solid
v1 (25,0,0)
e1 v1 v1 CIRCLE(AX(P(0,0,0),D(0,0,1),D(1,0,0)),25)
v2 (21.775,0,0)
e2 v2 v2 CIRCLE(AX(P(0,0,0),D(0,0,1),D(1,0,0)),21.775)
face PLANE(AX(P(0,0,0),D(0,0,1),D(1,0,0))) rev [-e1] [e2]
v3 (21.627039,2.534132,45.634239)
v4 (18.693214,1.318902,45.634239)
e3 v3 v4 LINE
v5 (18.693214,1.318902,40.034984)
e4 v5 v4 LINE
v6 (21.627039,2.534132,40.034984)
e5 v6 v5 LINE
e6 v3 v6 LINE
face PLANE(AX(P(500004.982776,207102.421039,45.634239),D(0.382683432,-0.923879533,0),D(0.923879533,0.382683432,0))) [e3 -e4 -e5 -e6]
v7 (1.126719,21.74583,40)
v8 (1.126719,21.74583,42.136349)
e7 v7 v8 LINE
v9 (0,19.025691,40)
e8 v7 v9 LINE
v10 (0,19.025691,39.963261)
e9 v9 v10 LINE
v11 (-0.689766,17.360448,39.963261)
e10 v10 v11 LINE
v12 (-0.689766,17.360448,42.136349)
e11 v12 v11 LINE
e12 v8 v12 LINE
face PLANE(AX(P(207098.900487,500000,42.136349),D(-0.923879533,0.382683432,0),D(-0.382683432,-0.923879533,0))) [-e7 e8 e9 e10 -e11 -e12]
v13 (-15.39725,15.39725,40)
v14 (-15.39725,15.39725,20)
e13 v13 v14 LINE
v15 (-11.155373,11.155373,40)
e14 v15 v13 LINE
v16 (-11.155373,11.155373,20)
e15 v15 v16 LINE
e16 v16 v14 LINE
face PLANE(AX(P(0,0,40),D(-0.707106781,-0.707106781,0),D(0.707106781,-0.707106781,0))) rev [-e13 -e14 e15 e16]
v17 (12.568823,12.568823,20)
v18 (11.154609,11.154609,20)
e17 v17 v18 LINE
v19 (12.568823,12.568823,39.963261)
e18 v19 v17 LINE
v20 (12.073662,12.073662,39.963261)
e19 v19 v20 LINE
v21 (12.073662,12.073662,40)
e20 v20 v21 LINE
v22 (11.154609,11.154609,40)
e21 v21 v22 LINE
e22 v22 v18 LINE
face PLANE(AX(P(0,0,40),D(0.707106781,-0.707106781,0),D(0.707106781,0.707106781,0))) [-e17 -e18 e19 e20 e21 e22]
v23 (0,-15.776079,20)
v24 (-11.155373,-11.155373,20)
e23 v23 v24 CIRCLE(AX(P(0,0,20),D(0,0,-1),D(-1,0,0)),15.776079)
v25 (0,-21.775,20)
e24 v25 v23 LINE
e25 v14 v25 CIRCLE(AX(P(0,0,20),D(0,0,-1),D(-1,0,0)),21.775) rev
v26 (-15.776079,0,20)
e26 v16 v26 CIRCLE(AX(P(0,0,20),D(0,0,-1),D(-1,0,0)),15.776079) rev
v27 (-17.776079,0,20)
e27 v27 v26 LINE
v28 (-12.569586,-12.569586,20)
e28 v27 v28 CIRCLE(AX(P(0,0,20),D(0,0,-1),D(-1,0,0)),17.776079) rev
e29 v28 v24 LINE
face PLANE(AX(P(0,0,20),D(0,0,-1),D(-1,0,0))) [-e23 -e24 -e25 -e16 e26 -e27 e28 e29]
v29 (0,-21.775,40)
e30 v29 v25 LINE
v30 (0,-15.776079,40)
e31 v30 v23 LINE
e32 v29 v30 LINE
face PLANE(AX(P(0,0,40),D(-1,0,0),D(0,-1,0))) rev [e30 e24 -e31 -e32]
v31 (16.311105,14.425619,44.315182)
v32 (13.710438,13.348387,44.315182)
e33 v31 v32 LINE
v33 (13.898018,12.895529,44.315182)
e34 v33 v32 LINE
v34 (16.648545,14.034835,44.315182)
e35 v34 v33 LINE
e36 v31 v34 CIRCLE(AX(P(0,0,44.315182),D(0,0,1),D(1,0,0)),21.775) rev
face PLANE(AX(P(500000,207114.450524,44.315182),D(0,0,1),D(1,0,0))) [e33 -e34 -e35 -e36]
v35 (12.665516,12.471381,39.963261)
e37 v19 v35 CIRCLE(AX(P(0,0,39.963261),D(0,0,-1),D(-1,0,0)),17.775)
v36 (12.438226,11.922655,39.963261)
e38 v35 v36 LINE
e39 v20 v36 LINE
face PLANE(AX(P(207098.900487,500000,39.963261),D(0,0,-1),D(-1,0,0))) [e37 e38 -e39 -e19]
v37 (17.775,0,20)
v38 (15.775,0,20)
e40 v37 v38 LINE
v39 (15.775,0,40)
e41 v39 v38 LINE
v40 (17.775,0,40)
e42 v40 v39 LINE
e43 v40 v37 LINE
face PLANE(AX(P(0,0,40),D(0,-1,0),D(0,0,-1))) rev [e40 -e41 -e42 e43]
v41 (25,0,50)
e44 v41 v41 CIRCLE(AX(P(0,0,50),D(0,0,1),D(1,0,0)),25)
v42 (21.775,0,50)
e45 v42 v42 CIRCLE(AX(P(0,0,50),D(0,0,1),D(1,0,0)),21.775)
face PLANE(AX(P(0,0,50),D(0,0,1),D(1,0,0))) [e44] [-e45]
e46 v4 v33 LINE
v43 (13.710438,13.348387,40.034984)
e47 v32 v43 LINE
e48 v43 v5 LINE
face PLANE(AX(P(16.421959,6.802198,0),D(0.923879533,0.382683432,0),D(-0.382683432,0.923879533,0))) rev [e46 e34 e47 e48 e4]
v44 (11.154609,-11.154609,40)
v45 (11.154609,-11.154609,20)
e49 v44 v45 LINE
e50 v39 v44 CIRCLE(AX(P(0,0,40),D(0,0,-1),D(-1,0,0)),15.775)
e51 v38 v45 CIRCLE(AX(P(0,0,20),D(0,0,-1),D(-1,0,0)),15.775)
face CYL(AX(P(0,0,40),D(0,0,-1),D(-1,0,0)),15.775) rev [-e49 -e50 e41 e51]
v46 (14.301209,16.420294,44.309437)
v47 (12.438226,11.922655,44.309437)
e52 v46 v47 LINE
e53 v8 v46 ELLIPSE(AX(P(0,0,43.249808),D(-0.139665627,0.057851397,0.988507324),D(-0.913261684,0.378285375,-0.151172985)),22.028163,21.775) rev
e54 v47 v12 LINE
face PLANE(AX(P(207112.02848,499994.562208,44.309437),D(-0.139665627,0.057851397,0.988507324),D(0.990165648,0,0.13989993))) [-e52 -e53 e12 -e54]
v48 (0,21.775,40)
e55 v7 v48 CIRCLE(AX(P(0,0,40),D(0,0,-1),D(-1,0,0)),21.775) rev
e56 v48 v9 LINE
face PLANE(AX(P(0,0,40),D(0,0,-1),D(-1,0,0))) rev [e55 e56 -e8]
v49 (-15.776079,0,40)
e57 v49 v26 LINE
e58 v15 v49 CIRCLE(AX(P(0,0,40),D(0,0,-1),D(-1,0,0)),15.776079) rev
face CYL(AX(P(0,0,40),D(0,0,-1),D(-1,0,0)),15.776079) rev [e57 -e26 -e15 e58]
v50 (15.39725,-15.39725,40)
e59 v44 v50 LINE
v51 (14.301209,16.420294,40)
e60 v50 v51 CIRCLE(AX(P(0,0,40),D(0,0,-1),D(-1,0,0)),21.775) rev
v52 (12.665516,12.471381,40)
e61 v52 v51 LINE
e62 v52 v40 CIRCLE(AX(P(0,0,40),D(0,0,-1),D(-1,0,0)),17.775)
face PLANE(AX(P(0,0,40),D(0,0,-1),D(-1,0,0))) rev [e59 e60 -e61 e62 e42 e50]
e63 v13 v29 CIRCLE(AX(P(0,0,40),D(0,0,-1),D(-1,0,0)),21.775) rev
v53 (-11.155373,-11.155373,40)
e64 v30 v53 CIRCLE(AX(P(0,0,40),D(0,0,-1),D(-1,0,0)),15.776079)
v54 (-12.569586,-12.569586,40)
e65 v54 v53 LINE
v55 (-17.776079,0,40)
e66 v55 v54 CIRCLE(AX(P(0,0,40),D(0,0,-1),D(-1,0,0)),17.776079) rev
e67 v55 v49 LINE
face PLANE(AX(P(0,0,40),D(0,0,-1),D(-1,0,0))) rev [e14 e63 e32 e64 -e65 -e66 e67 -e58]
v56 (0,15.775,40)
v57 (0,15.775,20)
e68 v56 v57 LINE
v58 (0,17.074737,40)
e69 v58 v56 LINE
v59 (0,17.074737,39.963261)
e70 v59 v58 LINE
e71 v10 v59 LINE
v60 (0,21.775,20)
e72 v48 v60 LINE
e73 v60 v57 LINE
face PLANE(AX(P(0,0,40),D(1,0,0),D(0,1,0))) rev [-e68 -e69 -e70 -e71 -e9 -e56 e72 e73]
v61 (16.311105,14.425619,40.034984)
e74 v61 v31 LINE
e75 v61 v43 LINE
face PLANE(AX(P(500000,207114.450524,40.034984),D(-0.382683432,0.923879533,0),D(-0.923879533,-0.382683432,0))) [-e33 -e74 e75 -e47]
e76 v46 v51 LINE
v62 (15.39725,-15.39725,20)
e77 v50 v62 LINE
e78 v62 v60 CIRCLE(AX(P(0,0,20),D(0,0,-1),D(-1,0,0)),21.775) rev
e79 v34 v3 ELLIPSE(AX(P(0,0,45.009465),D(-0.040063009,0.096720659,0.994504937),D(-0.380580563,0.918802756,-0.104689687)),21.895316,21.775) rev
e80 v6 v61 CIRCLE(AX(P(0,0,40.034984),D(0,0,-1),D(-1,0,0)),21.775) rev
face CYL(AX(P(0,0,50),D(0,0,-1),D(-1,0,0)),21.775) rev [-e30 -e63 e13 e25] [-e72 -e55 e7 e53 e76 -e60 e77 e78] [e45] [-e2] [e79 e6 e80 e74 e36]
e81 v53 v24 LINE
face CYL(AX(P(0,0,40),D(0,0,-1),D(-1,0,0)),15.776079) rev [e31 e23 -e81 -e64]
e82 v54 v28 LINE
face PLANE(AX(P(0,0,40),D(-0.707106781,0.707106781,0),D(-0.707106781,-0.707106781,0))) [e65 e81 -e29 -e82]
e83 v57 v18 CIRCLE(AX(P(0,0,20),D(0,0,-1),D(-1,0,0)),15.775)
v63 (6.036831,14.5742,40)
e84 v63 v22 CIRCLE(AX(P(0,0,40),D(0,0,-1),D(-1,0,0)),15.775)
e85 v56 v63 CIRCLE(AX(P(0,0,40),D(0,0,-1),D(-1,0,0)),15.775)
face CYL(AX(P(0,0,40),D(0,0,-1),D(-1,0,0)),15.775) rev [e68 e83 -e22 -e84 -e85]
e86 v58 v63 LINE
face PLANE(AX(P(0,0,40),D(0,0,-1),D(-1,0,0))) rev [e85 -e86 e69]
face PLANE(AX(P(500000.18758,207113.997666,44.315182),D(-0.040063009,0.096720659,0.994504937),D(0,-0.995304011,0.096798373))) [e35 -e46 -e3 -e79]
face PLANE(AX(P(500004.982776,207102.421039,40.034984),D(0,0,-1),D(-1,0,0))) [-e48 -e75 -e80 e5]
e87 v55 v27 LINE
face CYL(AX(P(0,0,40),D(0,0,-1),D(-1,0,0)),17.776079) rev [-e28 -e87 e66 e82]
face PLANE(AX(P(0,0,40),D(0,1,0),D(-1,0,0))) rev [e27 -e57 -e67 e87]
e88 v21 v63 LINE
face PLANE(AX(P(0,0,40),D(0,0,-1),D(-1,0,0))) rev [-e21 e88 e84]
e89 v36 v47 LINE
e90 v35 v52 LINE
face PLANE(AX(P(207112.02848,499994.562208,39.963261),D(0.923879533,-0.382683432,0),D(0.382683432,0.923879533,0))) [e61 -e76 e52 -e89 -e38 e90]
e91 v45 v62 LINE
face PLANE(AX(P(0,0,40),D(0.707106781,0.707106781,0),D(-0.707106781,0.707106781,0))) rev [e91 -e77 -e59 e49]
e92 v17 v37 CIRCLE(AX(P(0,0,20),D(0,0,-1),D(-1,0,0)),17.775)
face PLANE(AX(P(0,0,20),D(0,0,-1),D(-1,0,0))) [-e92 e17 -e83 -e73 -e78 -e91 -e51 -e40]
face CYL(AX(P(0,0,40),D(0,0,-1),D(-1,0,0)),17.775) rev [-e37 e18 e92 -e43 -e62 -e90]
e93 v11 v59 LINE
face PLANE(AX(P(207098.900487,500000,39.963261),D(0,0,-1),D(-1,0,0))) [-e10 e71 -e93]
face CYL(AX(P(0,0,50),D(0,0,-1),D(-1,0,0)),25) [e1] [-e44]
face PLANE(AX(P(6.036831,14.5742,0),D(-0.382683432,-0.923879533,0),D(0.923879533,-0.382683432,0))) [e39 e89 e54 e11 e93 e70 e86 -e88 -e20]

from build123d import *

# Parameters (mm, degrees)
SKETCH1_R                = 25
SKETCH1_R_2              = 21.775
BOSS_EXTRUDE1_DEPTH      = 50
BOSS_EXTRUDE2_START      = -20
BOSS_EXTRUDE2_DEPTH      = 20
BOSS_EXTRUDE3_REACH      = 60.561
BOSS_EXTRUDE4_REACH      = 62.226
BOSS_EXTRUDE4_END_RADIUS = 21.775


with BuildPart() as part:
    # Sketch1 → Boss-Extrude1 (new body)
    with BuildSketch(Plane.XY):
        Circle(SKETCH1_R)
        Circle(SKETCH1_R_2, mode=Mode.SUBTRACT)
    extrude(amount=BOSS_EXTRUDE1_DEPTH)

    # Sketch2 → Boss-Extrude2 (add)
    with BuildSketch(Plane(origin=(0, 0, 0), x_dir=(-1, 0, 0), z_dir=(0, 0, -1)).offset(BOSS_EXTRUDE2_START)):
        with BuildLine():
            Line((0, -15.77607933), (0, -21.775))
            ThreePointArc((0, -21.775), (8.33293174, -20.11747682), (15.39725016, -15.39725016))
            Line((15.39725016, -15.39725016), (12.569586237, -12.569586237))
            Line((12.569586237, -12.569586237), (11.198401724, -11.198401724))
            Line((11.198401724, -11.198401724), (11.155372675, -11.155372675))
            ThreePointArc((11.155372675, -11.155372675), (6.037244187, -14.575196796), (0, -15.77607933))
        make_face()
        with BuildLine():
            Line((12.569586237, -12.569586237), (15.39725016, -15.39725016))
            ThreePointArc((15.39725016, -15.39725016), (20.11747682, -8.33293174), (21.775, 0))
            Line((21.775, 0), (17.77607933, 0))
            ThreePointArc((17.77607933, 0), (16.422955861, -6.802611052), (12.569586237, -12.569586237))
        make_face()
        with BuildLine():
            ThreePointArc((21.775, 0), (20.11747682, 8.33293174), (15.39725016, 15.39725016))
            Line((15.39725016, 15.39725016), (11.155372675, 11.155372675))
            ThreePointArc((11.155372675, 11.155372675), (14.575196796, 6.037244187), (15.77607933, 0))
            Line((15.77607933, 0), (17.77607933, 0))
            Line((17.77607933, 0), (21.775, 0))
        make_face()
        with BuildLine():
            ThreePointArc((0, 21.775), (-8.33293174, 20.11747682), (-15.39725016, 15.39725016))
            Line((-15.39725016, 15.39725016), (-12.568823036, 12.568823036))
            Line((-12.568823036, 12.568823036), (-11.154609473, 11.154609473))
            ThreePointArc((-11.154609473, 11.154609473), (-6.036831146, 14.574199625), (0, 15.775))
            Line((0, 15.775), (0, 21.775))
        make_face()
        with BuildLine():
            ThreePointArc((-15.39725016, 15.39725016), (-20.11747682, 8.33293174), (-21.775, 0))
            Line((-21.775, 0), (-17.775, 0))
            ThreePointArc((-17.775, 0), (-16.42195869, 6.80219801), (-12.568823036, 12.568823036))
            Line((-12.568823036, 12.568823036), (-15.39725016, 15.39725016))
        make_face()
        with BuildLine():
            Line((-17.775, 0), (-21.775, 0))
            ThreePointArc((-21.775, 0), (-20.11747682, -8.33293174), (-15.39725016, -15.39725016))
            Line((-15.39725016, -15.39725016), (-11.154609473, -11.154609473))
            ThreePointArc((-11.154609473, -11.154609473), (-14.574199625, -6.036831146), (-15.775, 0))
            Line((-15.775, 0), (-17.775, 0))
        make_face()
    extrude(amount=-BOSS_EXTRUDE2_DEPTH)

    # Sketch3 → Boss-Extrude3 (add, up to next)
    with BuildSketch(Plane(origin=(6.036831146, 14.574199625, 20), x_dir=(-0.9238795325112862, 0.38268343236509134, 0), z_dir=(-0.38268343236509134, -0.9238795325112862, 0)), mode=Mode.PRIVATE) as boss_extrude3_sk1:
        Polygon((7.280816653, -19.963261278), (-6.92881971, -19.963261278), (-6.92881971, -24.309436753), (7.280816653, -22.136349016), align=None)
    boss_extrude3_tool1 = extrude(boss_extrude3_sk1.sketch, amount=-BOSS_EXTRUDE3_REACH, mode=Mode.PRIVATE) - part.part
    add(boss_extrude3_tool1.solids().sort_by_distance((6.603563, 14.339452, 41.653441))[0])

    # Boss-Extrude4: up to this cylinder (the profile starts inside it)
    boss_extrude4_end = Plane(origin=(0, 0, 42.508231), z_dir=(0, 0, -1)) * Cylinder(BOSS_EXTRUDE4_END_RADIUS, 169.002, mode=Mode.PRIVATE)
    # Sketch4 → Boss-Extrude4 (add, up to the surface)
    with BuildSketch(Plane(origin=(16.42195869, 6.80219801, 20), x_dir=(0, 0, 1), z_dir=(-0.9238795325112876, -0.38268343236508784, 0)), mode=Mode.PRIVATE) as boss_extrude4_sk1:
        Polygon((24.315182013, 6.595374184), (25.634239275, -5.93507645), (20.034984376, -5.93507645), (20.034984376, 7.085544356), (24.315182013, 7.085544356), align=None)
    boss_extrude4_tool1 = extrude(boss_extrude4_sk1.sketch, amount=-BOSS_EXTRUDE4_REACH, mode=Mode.PRIVATE) & boss_extrude4_end
    add(boss_extrude4_tool1.solids().sort_by_distance((16.317145, 7.05524, 42.508231))[0])


solid = part.part
